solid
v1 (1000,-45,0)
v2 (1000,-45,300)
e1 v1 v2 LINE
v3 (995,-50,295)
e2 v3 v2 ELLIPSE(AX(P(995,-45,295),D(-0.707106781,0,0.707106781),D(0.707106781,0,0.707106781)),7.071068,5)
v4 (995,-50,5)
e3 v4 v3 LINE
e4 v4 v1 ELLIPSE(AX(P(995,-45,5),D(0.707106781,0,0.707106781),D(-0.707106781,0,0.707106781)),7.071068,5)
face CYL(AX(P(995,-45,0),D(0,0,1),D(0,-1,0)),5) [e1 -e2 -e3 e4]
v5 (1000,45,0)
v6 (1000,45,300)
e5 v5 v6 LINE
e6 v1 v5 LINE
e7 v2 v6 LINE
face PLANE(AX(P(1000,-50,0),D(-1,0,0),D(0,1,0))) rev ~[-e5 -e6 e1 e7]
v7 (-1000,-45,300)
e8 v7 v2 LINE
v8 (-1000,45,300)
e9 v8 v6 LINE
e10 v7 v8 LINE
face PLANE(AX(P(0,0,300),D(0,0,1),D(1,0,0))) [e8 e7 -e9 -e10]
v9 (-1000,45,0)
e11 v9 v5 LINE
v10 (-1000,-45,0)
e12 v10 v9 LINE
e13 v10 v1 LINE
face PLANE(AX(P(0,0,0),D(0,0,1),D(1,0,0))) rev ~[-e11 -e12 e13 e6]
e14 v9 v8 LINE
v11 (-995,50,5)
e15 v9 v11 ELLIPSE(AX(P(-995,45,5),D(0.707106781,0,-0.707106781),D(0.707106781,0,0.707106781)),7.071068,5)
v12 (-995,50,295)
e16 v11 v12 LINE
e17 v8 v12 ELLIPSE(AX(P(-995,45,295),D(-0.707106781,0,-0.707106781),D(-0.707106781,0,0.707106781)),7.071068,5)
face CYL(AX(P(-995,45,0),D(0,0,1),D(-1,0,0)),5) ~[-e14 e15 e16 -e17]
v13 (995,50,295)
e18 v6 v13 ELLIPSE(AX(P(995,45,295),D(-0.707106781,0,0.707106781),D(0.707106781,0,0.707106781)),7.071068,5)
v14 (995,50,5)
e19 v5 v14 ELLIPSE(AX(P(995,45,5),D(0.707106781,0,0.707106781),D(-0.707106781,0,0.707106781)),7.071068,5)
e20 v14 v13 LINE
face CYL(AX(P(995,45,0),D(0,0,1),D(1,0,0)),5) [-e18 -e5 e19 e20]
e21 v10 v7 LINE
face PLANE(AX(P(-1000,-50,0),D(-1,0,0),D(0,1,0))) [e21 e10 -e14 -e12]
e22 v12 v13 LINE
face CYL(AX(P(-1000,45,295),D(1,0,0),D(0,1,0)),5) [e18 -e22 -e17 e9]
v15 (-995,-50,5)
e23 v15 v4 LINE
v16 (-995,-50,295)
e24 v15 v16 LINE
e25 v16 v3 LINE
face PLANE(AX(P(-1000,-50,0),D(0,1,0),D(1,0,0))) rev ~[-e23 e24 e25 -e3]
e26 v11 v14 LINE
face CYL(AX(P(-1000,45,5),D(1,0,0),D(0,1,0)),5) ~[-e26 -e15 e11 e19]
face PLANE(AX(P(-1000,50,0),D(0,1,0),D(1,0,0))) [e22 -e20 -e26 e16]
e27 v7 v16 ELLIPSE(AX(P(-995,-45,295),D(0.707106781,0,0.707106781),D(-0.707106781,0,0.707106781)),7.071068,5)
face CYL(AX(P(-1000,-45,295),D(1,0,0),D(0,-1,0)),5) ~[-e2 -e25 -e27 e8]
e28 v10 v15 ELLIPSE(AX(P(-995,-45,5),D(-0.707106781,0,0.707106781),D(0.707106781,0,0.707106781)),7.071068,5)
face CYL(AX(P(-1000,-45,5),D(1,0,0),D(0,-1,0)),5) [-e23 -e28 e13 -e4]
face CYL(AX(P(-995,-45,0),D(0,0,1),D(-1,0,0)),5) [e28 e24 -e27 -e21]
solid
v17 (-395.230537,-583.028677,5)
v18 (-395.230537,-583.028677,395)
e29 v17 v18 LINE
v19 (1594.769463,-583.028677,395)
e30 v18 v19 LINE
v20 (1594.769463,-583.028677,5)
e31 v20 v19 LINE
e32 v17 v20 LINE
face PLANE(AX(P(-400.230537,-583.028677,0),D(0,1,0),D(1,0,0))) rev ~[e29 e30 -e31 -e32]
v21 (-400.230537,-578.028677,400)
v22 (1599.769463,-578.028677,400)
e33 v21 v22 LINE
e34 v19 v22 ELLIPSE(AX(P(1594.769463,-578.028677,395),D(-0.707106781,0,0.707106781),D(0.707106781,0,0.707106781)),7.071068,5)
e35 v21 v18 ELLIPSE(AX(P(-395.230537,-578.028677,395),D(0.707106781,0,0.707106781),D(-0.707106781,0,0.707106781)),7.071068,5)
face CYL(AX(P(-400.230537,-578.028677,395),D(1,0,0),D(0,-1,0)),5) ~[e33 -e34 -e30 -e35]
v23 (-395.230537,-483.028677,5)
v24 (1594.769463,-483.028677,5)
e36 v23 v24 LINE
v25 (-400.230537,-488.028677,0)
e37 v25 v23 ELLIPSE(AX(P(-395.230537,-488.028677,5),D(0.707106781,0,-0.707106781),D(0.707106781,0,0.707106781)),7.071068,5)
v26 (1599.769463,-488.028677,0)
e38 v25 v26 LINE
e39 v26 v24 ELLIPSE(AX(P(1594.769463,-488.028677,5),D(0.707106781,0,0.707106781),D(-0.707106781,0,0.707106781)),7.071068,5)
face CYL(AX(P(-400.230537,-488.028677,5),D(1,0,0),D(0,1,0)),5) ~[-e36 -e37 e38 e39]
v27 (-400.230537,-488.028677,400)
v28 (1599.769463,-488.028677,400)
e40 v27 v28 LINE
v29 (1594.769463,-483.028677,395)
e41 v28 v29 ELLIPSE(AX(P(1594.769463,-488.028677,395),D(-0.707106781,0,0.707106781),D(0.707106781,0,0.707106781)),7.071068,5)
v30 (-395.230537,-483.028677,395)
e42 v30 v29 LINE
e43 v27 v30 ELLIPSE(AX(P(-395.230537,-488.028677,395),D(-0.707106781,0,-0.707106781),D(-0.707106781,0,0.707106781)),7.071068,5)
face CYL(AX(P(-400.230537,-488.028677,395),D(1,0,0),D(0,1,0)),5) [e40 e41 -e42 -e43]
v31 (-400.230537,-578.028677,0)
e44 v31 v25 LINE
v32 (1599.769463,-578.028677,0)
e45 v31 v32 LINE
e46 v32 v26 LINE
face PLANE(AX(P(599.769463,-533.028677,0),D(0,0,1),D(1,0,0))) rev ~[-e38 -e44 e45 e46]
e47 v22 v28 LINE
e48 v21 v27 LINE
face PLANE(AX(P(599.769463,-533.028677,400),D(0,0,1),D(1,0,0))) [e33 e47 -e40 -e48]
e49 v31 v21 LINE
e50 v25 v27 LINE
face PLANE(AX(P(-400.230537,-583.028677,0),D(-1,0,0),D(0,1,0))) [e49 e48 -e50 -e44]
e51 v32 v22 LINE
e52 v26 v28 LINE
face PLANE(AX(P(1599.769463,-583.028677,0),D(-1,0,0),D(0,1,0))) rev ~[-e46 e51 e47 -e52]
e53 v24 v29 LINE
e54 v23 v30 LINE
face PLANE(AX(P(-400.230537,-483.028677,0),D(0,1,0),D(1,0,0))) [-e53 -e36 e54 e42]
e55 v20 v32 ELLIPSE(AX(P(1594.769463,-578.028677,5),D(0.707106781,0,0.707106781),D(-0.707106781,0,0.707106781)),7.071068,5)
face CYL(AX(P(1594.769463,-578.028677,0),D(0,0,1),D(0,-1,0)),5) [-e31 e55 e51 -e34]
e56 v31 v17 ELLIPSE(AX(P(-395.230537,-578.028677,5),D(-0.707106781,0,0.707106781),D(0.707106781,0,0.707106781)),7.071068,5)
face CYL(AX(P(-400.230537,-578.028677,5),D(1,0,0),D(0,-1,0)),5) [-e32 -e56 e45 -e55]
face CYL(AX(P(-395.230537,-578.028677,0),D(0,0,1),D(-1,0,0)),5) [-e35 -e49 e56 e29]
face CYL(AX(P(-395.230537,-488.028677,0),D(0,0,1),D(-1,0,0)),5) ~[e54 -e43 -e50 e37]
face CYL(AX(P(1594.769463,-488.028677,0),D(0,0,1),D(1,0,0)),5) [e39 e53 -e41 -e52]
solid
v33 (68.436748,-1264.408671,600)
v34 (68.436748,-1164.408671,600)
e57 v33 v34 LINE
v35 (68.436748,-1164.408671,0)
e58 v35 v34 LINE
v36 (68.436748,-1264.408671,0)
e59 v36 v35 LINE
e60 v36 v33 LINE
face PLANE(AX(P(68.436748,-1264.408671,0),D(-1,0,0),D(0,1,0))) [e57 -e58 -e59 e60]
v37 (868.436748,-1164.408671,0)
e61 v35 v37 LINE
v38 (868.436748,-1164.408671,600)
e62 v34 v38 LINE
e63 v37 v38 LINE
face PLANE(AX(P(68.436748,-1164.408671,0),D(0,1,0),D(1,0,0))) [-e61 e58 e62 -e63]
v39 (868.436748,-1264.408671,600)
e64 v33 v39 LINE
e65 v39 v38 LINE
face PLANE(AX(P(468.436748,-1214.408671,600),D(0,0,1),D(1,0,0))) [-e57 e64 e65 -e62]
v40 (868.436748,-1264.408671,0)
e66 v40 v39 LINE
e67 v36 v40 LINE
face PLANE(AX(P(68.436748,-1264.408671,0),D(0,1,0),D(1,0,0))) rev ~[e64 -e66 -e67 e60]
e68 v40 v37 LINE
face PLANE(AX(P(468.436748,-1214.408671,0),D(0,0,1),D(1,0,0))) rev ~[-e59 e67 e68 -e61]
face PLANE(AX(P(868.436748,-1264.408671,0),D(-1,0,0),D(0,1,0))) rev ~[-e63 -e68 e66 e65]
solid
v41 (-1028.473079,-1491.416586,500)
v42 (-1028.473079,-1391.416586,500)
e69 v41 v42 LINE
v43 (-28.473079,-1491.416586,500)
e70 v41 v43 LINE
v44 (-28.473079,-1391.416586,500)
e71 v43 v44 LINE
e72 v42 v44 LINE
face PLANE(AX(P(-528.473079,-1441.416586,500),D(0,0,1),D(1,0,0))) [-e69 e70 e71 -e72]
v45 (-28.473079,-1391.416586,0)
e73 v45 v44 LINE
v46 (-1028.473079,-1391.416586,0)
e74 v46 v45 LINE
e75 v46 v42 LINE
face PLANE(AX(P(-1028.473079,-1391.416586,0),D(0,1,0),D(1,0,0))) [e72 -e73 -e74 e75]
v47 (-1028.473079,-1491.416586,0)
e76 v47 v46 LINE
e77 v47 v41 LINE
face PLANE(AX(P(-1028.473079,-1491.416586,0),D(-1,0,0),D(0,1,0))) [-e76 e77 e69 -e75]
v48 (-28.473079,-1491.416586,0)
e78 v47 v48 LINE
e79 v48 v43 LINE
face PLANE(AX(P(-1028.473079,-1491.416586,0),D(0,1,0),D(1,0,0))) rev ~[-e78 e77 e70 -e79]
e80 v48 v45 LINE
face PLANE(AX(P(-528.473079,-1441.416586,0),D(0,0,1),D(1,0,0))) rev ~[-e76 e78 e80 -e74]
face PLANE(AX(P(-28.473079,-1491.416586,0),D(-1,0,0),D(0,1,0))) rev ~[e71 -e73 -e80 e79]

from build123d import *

# Parameters (mm, degrees)
F0_W     = 2000
F0_H     = 100
F1_DEPTH = 300
F2_R     = 5
F3_W     = 2000
F3_H     = 100
F4_DEPTH = 400
F5_R     = 5
F6_W     = 800
F6_H     = 100
F7_DEPTH = 600
F8_W     = 1000
F8_H     = 100
F9_DEPTH = 500


with BuildPart() as f1:
    # F0 (on Top) → F1 (new body)
    with BuildSketch(Plane.XY):
        Rectangle(F0_W, F0_H)
    extrude(amount=F1_DEPTH)

    # F2
    f2_edges = [f1.edges().sort_by_distance(p)[0] for p in [
        (-1000, -50, 150),
        (1000, -50, 150),
        (0, -50, 0),
        (0, -50, 300),
        (1000, 50, 150),
        (-1000, 50, 150),
        (0, 50, 0),
        (0, 50, 300),
    ]]
    fillet(f2_edges, radius=F2_R)


with BuildPart() as f4:
    # F3 (on Top) → F4 (new body)
    with BuildSketch(Plane.XY):
        with Locations((599.769463, -533.028677)):
            Rectangle(F3_W, F3_H)
    extrude(amount=F4_DEPTH)

    # F5
    f5_edges = [f4.edges().sort_by_distance(p)[0] for p in [
        (-400.230537, -583.028677, 200),
        (1599.769463, -583.028677, 200),
        (599.769463, -583.028677, 0),
        (599.769463, -583.028677, 400),
        (1599.769463, -483.028677, 200),
        (-400.230537, -483.028677, 200),
        (599.769463, -483.028677, 0),
        (599.769463, -483.028677, 400),
    ]]
    fillet(f5_edges, radius=F5_R)


with BuildPart() as f7:
    # F6 (on Top) → F7 (new body)
    with BuildSketch(Plane.XY):
        with Locations((468.436748, -1214.408671)):
            Rectangle(F6_W, F6_H)
    extrude(amount=F7_DEPTH)


with BuildPart() as f9:
    # F8 (on Top) → F9 (new body)
    with BuildSketch(Plane.XY):
        with Locations((-528.473079, -1441.416586)):
            Rectangle(F8_W, F8_H)
    extrude(amount=F9_DEPTH)


solid = Compound([f1.part, f4.part, f7.part, f9.part])
